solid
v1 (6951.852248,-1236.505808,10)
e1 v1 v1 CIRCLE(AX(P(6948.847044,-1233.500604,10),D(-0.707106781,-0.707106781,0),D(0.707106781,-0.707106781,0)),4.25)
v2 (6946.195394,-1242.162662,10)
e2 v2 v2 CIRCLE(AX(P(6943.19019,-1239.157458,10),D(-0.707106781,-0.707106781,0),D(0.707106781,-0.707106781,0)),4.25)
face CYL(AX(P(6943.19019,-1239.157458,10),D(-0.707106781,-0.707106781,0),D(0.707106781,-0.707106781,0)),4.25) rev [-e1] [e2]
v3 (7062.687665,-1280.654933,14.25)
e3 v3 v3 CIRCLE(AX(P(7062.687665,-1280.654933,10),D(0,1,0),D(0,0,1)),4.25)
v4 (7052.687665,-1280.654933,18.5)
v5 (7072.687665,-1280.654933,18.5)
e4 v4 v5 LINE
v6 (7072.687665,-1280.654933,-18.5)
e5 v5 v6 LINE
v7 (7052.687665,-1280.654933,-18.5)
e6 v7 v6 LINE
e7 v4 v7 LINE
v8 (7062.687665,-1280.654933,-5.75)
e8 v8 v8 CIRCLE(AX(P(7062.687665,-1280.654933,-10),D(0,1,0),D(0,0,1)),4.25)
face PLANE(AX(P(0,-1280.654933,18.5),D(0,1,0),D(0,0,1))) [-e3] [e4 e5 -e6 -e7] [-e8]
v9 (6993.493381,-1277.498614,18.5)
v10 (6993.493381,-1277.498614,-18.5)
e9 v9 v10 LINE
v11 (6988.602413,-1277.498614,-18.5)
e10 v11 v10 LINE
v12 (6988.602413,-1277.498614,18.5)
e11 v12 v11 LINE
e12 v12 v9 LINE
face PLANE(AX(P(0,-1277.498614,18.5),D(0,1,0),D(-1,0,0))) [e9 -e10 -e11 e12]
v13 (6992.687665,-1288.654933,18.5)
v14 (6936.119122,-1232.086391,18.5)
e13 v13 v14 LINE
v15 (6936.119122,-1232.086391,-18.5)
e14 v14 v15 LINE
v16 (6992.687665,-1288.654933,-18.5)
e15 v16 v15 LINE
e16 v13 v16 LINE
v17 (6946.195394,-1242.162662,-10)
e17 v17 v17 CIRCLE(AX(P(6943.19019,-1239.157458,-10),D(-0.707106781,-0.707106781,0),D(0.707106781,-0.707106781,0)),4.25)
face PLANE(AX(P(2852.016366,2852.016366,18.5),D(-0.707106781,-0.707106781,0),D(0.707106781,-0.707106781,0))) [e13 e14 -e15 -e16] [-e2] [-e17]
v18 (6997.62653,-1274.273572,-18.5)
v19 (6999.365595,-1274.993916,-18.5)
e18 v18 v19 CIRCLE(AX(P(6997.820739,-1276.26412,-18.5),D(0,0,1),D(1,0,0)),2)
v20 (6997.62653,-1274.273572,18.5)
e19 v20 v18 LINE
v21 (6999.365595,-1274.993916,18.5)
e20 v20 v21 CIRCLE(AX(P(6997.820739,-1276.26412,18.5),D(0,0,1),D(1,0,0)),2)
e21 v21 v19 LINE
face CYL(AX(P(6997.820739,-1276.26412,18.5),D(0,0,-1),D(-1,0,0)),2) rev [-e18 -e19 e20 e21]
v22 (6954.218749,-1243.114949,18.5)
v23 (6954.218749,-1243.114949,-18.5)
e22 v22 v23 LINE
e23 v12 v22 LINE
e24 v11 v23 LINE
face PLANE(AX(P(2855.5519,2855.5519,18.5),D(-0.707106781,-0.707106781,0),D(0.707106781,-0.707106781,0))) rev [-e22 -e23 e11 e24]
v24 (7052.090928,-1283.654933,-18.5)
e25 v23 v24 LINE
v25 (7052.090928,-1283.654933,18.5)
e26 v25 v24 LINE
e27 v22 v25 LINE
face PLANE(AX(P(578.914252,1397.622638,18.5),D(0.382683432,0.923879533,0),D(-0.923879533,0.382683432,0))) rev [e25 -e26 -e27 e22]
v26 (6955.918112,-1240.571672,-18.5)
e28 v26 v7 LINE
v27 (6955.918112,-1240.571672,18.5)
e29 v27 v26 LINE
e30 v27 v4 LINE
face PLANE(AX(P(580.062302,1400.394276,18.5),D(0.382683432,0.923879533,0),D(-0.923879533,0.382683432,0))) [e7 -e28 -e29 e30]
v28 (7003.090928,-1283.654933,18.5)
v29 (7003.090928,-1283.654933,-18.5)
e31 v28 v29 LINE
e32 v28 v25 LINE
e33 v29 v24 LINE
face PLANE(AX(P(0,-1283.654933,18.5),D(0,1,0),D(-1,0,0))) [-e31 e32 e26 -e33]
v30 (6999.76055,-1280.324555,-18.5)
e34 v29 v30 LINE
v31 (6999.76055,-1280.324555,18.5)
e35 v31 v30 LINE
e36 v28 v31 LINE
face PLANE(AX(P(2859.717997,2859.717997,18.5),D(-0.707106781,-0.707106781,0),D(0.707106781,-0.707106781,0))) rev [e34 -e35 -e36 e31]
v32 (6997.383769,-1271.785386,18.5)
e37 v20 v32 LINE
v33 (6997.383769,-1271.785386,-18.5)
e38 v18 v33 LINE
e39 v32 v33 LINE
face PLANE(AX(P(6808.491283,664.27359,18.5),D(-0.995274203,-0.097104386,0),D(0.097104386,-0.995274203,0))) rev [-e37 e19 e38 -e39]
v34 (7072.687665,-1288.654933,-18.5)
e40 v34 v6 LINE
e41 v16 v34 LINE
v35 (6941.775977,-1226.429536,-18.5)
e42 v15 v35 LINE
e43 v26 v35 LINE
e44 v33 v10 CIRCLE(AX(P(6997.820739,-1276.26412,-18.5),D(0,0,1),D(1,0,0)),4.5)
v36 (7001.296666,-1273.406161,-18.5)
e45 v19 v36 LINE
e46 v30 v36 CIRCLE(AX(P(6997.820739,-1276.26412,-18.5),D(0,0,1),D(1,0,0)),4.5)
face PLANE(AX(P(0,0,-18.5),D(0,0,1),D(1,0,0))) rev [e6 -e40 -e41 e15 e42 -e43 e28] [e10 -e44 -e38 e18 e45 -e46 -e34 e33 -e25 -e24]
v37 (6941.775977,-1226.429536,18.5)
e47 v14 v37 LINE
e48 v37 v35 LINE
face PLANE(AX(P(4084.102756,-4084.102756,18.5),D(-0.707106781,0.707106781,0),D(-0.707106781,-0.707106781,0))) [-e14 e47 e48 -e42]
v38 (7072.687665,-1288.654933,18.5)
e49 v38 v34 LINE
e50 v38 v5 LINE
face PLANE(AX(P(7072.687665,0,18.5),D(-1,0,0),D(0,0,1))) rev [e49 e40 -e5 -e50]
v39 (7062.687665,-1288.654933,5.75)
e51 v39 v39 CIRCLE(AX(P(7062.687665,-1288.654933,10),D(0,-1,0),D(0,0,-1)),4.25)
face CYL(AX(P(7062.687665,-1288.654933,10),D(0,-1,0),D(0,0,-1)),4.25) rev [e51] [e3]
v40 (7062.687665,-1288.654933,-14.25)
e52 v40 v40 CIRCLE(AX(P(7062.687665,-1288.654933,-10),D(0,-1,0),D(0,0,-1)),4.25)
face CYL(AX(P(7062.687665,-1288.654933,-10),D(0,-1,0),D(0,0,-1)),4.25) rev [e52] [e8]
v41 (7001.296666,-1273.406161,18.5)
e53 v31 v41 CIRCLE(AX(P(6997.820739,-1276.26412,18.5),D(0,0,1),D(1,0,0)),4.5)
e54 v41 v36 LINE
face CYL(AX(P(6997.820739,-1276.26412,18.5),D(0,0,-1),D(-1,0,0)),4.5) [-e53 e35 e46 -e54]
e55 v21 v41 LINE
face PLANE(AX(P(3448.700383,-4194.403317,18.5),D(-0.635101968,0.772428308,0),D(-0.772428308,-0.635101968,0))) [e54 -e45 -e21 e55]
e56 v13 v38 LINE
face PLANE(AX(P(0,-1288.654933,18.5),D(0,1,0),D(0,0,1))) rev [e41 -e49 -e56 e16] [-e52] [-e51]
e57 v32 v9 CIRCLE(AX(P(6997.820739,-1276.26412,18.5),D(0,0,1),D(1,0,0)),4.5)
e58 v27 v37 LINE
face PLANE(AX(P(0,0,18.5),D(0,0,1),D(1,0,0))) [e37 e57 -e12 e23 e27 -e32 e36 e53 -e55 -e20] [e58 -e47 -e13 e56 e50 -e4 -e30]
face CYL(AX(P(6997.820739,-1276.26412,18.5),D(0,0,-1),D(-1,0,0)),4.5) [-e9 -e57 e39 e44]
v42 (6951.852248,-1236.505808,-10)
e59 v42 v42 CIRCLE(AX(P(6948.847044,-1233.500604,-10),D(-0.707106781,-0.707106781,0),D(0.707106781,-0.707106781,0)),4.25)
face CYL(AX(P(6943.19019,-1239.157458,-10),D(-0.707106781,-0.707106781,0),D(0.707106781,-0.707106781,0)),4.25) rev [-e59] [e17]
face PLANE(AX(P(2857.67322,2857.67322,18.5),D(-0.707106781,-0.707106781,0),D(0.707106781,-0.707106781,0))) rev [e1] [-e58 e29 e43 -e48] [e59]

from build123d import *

# Parameters (mm, degrees)
EXTRUDE_1_DEPTH         = 18.5
HOLE_WIZARD_8_5_8_5_1_D = 8.5


with BuildPart() as part:
    # 草图1 → 凸台-拉伸1 (new, symmetric)
    with BuildSketch(Plane.XY):
        Polygon((6936.119122288, -1232.086390659), (6992.687664783, -1288.654933154), (7072.687664783, -1288.654933154), (7072.687664783, -1280.654933154), (7052.687664783, -1280.654933154), (6955.918112162, -1240.571672033), (6941.775976538, -1226.429536409), align=None)
        with BuildLine():
            Line((7009.090927681, -1283.654933154), (7003.090927681, -1283.654933154))
            Line((7003.090927681, -1283.654933154), (6999.760549745, -1280.324555218))
            ThreePointArc((6999.760549745, -1280.324555218), (7002.213755914, -1277.239517812), (7001.296666197, -1273.406161221))
            Line((7001.296666197, -1273.406161221), (6999.365595427, -1274.993916141))
            ThreePointArc((6999.365595427, -1274.993916141), (6997.055371947, -1278.111879141), (6997.626530039, -1274.273571671))
            Line((6997.626530039, -1274.273571671), (6997.383769074, -1271.785386165))
            ThreePointArc((6997.383769074, -1271.785386165), (6994.101203016, -1273.731324494), (6993.49338103, -1277.49861375))
            Line((6993.49338103, -1277.49861375), (6988.602413191, -1277.49861375))
            Line((6988.602413191, -1277.49861375), (6954.21874867, -1243.114949228))
            Line((6954.21874867, -1243.114949228), (7052.090927681, -1283.654933154))
            Line((7052.090927681, -1283.654933154), (7029.403393536, -1283.654933154))
            Line((7029.403393536, -1283.654933154), (7009.090927681, -1283.654933154))
        make_face(mode=Mode.SUBTRACT)
    extrude(amount=EXTRUDE_1_DEPTH, both=True)

    # Ø8.5 (8.5) 直径孔1 (through all)
    with Locations(Plane(origin=(2852.016365815, 2852.016365815, 0), x_dir=(0.7071067811865628, -0.7071067811865324, 0), z_dir=(-0.7071067811865324, -0.7071067811865628, 0))):
        with Locations((5785.79350833, -10), (5785.79350833, 10)):
            hole_wizard_8_5_8_5_1 = Hole(HOLE_WIZARD_8_5_8_5_1_D / 2)

    # 镜向1: Ø8.5 (8.5) 直径孔1 across plane
    add(hole_wizard_8_5_8_5_1.mirror(Plane(origin=(6424.240586557, -2661.0075789, 0), x_dir=(0, 0, 1), z_dir=(-0.9238795325112645, 0.3826834323651437, 0))), mode=Mode.SUBTRACT)


solid = part.part
